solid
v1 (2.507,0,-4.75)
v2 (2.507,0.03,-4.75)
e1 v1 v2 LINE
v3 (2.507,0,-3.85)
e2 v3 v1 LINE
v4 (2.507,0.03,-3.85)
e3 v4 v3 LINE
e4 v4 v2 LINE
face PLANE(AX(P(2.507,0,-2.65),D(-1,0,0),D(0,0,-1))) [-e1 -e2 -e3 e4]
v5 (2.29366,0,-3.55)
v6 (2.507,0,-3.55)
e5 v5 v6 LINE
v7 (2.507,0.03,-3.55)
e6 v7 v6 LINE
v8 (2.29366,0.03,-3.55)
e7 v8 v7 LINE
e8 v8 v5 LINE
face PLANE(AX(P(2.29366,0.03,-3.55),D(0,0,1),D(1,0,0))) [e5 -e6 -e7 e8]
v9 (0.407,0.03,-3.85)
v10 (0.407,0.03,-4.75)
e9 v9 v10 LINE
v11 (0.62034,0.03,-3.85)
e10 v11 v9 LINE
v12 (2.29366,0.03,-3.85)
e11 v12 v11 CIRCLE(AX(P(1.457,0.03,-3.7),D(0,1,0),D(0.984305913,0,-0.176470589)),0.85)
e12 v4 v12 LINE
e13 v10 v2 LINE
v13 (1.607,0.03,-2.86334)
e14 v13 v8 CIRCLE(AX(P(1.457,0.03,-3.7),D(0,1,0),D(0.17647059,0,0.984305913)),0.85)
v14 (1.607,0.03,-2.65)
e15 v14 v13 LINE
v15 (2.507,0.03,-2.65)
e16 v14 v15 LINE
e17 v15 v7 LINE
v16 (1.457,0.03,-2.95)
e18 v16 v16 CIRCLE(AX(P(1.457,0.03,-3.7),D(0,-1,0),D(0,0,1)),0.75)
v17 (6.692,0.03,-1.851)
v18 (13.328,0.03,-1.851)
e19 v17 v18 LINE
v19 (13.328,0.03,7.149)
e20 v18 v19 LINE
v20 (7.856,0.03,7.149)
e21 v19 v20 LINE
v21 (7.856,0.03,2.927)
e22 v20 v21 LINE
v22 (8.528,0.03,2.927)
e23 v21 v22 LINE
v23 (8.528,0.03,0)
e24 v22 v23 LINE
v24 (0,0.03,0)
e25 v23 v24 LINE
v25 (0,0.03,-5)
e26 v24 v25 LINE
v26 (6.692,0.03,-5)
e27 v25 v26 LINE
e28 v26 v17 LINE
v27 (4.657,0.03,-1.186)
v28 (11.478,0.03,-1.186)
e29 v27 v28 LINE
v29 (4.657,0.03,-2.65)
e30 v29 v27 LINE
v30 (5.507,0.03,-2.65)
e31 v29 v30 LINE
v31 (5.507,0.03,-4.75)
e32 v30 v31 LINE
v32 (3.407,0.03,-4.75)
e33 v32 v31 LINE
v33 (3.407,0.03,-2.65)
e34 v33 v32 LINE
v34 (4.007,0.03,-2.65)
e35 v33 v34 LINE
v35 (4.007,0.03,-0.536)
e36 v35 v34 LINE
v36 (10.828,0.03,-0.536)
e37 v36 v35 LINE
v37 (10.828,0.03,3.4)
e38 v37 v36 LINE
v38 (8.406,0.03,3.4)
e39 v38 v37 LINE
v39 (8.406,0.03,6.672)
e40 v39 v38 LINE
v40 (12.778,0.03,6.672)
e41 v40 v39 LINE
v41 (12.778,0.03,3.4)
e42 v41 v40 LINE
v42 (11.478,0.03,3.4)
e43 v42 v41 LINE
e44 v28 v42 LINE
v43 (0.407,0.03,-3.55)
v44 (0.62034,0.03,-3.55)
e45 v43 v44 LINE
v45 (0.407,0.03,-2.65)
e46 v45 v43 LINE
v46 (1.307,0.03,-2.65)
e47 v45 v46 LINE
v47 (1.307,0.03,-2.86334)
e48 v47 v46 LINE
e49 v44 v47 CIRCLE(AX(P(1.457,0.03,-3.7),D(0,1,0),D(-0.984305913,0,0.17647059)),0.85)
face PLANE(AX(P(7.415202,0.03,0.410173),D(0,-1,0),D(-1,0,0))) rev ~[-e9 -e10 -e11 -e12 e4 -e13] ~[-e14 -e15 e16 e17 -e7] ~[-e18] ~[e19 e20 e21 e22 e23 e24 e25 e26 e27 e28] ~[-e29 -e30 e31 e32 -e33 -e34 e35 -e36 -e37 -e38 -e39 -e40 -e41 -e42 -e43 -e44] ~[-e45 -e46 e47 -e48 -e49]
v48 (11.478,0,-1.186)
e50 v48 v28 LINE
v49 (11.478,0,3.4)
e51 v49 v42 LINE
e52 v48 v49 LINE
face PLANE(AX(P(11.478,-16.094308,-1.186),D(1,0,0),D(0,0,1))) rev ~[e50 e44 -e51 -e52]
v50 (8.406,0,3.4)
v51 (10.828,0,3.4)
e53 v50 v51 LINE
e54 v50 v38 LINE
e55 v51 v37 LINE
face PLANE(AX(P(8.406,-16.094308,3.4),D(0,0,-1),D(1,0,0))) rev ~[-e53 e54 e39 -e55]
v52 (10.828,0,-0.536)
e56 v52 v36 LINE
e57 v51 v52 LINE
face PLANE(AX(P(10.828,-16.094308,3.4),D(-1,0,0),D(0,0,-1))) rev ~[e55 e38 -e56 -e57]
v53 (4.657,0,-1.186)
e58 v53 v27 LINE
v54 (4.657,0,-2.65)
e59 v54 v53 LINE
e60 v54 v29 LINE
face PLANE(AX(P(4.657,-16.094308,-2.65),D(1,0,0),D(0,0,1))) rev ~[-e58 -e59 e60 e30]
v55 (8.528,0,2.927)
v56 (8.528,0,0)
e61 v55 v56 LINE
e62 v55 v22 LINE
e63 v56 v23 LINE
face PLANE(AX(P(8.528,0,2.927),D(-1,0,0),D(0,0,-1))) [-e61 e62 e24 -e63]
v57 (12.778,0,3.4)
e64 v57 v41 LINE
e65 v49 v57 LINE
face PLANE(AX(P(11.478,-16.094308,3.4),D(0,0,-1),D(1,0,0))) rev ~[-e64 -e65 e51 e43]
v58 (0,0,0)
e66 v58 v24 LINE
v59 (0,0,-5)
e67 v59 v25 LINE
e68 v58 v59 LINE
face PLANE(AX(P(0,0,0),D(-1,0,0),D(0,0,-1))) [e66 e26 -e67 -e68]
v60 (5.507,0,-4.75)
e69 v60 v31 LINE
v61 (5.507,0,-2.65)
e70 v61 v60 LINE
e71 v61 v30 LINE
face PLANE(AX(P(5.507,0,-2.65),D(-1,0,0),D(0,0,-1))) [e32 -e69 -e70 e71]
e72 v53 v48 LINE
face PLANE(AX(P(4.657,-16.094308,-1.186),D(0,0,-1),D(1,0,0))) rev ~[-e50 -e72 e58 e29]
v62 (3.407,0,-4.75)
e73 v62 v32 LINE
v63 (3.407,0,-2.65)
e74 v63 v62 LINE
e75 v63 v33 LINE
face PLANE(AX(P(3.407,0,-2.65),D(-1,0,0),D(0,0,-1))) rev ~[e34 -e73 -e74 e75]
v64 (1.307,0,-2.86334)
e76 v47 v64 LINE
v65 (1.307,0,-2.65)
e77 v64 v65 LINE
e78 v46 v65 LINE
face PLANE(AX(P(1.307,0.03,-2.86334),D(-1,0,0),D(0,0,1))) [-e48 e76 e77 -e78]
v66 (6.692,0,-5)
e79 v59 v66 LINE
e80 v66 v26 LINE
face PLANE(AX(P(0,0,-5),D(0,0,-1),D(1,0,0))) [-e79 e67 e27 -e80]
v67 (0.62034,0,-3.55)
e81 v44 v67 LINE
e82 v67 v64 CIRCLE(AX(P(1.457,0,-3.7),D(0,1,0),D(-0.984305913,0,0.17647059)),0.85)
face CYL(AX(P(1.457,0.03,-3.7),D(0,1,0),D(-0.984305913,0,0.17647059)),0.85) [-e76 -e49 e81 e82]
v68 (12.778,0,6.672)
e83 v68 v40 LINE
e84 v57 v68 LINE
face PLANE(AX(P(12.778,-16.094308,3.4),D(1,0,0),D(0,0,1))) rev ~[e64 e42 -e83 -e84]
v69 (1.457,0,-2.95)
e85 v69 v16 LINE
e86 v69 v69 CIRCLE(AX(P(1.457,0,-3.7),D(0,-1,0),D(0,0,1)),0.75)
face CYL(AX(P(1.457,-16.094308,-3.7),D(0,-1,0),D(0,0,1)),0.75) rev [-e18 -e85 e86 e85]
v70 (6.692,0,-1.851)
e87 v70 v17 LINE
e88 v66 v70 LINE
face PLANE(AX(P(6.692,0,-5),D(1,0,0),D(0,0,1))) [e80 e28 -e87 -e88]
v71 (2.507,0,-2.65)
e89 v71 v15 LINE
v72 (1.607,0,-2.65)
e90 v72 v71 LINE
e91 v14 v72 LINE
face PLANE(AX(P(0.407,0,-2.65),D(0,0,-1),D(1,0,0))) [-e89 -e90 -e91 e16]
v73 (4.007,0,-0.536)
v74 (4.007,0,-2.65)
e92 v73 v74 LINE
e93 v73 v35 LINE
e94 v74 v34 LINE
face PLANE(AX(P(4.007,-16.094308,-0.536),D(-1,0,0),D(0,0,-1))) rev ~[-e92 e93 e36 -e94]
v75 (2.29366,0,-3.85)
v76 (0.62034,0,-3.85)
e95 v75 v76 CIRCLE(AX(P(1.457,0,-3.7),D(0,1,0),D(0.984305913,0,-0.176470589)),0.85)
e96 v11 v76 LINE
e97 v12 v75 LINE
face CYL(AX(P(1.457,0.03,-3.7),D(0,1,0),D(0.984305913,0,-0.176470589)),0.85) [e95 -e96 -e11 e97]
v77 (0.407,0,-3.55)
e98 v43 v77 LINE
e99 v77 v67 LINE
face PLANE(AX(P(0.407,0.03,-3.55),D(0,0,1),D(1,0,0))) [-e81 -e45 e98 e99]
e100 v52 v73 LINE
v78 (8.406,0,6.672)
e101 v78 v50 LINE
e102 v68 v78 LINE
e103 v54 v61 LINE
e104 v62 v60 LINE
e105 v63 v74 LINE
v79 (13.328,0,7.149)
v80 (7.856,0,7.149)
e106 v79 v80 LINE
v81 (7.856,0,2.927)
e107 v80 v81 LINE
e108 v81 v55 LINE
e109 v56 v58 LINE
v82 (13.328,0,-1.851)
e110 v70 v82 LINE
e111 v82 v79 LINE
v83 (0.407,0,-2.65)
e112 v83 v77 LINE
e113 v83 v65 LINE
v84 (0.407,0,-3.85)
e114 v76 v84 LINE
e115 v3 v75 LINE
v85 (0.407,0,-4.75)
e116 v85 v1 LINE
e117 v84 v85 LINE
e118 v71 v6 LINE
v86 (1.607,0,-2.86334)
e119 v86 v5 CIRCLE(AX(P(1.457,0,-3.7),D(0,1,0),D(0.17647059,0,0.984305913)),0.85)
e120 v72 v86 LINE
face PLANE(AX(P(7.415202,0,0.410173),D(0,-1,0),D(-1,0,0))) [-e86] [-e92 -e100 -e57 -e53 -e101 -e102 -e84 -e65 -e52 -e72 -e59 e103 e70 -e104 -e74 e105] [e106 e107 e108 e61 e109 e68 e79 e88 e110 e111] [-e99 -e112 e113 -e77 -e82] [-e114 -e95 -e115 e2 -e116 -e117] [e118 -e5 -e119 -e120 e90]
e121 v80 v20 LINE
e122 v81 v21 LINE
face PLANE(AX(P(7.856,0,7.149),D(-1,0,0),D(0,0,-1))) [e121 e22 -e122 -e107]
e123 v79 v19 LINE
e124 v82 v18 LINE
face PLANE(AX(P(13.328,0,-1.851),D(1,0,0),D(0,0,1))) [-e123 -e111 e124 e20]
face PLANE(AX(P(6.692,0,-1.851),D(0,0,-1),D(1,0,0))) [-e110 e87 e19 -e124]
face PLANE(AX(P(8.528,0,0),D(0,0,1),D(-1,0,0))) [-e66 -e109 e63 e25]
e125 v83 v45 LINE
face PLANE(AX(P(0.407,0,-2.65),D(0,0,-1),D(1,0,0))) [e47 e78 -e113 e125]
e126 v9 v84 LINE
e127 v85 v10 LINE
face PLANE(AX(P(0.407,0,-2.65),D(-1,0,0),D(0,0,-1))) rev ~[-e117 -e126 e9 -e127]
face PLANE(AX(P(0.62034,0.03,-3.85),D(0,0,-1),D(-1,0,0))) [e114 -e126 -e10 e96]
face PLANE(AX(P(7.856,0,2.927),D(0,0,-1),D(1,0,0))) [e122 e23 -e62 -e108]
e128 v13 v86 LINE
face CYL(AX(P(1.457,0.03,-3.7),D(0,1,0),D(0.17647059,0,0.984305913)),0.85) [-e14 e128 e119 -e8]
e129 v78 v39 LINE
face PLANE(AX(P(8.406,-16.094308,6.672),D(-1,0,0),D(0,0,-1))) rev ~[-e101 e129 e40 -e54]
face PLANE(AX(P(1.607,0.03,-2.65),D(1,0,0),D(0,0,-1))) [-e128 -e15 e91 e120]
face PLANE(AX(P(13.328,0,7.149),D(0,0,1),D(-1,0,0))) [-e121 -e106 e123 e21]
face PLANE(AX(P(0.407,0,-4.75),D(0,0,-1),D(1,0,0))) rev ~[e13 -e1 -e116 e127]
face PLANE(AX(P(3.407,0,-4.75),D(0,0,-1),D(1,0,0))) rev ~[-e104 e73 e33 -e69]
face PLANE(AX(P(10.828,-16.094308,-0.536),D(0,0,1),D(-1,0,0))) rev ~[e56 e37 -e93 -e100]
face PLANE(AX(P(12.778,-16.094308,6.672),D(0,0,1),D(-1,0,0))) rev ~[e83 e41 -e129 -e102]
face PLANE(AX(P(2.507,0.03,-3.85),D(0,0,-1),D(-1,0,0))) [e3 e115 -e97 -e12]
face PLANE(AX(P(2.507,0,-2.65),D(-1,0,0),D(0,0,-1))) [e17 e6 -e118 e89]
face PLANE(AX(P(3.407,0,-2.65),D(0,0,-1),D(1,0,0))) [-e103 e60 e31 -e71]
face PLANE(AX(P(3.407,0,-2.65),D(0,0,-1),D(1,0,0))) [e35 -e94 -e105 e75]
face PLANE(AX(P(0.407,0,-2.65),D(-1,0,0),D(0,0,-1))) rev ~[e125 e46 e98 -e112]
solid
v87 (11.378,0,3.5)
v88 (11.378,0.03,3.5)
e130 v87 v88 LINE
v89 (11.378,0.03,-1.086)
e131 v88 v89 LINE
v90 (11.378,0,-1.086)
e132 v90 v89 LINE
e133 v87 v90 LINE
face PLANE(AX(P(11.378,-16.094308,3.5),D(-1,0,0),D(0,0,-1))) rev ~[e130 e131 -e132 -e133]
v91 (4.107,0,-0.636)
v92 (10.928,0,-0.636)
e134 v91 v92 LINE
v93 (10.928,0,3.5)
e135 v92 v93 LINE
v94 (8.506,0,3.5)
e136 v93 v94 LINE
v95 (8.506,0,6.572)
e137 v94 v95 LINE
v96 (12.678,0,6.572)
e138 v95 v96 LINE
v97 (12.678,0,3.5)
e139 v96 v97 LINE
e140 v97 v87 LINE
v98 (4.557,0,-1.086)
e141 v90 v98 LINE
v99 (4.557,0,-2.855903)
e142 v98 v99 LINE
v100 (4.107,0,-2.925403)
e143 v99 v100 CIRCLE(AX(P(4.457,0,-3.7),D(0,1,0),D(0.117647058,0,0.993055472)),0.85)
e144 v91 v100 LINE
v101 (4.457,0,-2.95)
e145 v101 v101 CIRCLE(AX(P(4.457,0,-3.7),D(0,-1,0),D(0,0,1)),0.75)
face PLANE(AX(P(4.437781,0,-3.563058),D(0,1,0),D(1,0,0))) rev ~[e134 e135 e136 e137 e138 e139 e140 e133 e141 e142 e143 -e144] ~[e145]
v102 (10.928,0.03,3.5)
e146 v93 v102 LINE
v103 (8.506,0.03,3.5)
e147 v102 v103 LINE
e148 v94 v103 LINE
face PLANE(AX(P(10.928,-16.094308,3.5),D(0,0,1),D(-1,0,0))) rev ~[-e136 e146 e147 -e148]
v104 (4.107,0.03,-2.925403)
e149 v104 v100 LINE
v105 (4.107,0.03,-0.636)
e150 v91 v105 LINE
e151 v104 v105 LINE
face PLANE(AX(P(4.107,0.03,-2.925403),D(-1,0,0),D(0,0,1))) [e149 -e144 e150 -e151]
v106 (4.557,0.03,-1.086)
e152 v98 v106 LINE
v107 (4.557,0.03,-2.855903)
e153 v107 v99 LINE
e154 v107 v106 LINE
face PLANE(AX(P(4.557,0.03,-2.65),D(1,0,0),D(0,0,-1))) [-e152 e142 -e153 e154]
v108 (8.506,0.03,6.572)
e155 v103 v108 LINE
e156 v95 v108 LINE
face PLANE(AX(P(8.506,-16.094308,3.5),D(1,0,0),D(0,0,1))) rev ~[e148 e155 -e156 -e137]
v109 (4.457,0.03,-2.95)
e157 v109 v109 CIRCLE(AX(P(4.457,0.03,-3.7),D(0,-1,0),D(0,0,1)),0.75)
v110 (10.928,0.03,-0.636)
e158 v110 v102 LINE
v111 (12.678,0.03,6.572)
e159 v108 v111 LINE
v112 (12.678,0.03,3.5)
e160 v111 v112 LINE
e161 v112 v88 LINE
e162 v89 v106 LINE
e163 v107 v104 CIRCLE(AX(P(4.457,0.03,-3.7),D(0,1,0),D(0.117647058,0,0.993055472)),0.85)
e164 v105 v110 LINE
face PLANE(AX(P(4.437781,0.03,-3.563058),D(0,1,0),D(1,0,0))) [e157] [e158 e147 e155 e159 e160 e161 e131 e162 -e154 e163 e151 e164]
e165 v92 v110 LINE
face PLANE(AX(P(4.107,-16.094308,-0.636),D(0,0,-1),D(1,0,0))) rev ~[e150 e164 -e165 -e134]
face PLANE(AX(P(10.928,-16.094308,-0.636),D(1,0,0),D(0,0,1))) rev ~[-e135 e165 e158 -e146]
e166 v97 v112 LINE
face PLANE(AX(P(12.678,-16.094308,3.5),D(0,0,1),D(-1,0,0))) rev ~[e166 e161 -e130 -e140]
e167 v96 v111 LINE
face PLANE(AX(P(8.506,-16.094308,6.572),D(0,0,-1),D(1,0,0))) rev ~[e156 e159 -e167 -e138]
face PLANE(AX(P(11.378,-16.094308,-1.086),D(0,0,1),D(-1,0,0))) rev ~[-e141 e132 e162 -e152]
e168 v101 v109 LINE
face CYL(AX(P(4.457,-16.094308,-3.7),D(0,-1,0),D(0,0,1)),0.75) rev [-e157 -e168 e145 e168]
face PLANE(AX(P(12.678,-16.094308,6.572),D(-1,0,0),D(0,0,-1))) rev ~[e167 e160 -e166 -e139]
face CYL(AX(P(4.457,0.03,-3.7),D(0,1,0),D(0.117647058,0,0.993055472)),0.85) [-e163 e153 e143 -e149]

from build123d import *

# Parameters (mm, degrees)
SKETCH1_W               = 2.1
SKETCH1_H               = 2.1
BOSS_EXTRUDE1_DEPTH     = 0.03
CUT_EXTRUDE1_DEPTH      = 16.124307753
CUT_EXTRUDE1_DEPTH_BACK = 16.124307753
BOSS_EXTRUDE2_DEPTH     = 0.03
BOSS_EXTRUDE3_DEPTH     = 0.03
CUT_EXTRUDE2_DEPTH      = 16.124307753
CUT_EXTRUDE2_DEPTH_BACK = 16.124307753
SKETCH5_R               = 0.75


with BuildPart() as part:
    # Sketch1 → Boss-Extrude1 (new body)
    with BuildSketch(Plane(origin=(0, 0, 0), x_dir=(1, 0, 0), z_dir=(0, 1, 0))):
        Polygon((0, 0), (0, 5), (6.692, 5), (6.692, 1.851), (13.328, 1.851), (13.328, -7.149), (7.856, -7.149), (7.856, -2.927), (8.528, -2.927), (8.528, 0), align=None)
        with Locations((1.457, 3.7)):
            Rectangle(SKETCH1_W, SKETCH1_H, mode=Mode.SUBTRACT)
        with Locations((4.457, 3.7)):
            Rectangle(SKETCH1_W, SKETCH1_H, mode=Mode.SUBTRACT)
    extrude(amount=BOSS_EXTRUDE1_DEPTH)

    # Sketch2 → Cut-Extrude1 (cut, two sides: drawn at the far end of the back side and taken through both)
    with BuildSketch(Plane(origin=(0, 0.03, 0), x_dir=(1, 0, 0), z_dir=(0, 1, 0)).offset(-CUT_EXTRUDE1_DEPTH_BACK)):
        Polygon((4.107, 2.65), (4.107, 0.636), (10.928, 0.636), (10.928, -3.5), (8.506, -3.5), (8.506, -6.572), (12.678, -6.572), (12.678, -3.5), (11.378, -3.5), (11.378, 1.086), (4.557, 1.086), (4.557, 2.65), (4.657, 2.65), (4.657, 1.186), (11.478, 1.186), (11.478, -3.4), (12.778, -3.4), (12.778, -6.672), (8.406, -6.672), (8.406, -3.4), (10.828, -3.4), (10.828, 0.536), (4.007, 0.536), (4.007, 2.65), align=None)
    extrude(amount=CUT_EXTRUDE1_DEPTH + CUT_EXTRUDE1_DEPTH_BACK, mode=Mode.SUBTRACT)


with BuildPart() as cut_extrude1_piece_1:
    # of the separate pieces the step leaves, piece 1, a body of its own (cut_extrude1_pieces)
    add(part.part.solids().sort_by_distance((0, 0, 0))[0])

    # Sketch4 → Boss-Extrude3 (add)
    with BuildSketch(Plane(origin=(0, 0.03, 0), x_dir=(1, 0, 0), z_dir=(0, 1, 0))):
        with BuildLine():
            Line((1.307, 2.65), (1.607, 2.65))
            Line((1.607, 2.65), (1.607, 2.863339973))
            ThreePointArc((1.607, 2.863339973), (2.058040764, 3.098959236), (2.293660027, 3.55))
            Line((2.293660027, 3.55), (2.507, 3.55))
            Line((2.507, 3.55), (2.507, 3.85))
            Line((2.507, 3.85), (2.293660027, 3.85))
            ThreePointArc((2.293660027, 3.85), (1.457, 4.55), (0.620339973, 3.85))
            Line((0.620339973, 3.85), (0.407, 3.85))
            Line((0.407, 3.85), (0.407, 3.55))
            Line((0.407, 3.55), (0.620339973, 3.55))
            ThreePointArc((0.620339973, 3.55), (0.855959236, 3.098959236), (1.307, 2.863339973))
            Line((1.307, 2.863339973), (1.307, 2.65))
        make_face()
    extrude(amount=-BOSS_EXTRUDE3_DEPTH)


with BuildPart() as cut_extrude1_piece_2:
    # of the separate pieces the step leaves, piece 2, a body of its own (cut_extrude1_pieces)
    add(part.part.solids().sort_by_distance((4.107, 0, -2.65))[0])

    # Sketch3 → Boss-Extrude2 (add)
    with BuildSketch(Plane(origin=(0, 0.03, 0), x_dir=(1, 0, 0), z_dir=(0, 1, 0))):
        with BuildLine():
            Line((4.107, 2.65), (4.557, 2.65))
            Line((4.557, 2.65), (4.557, 2.855902849))
            ThreePointArc((4.557, 2.855902849), (4.58674043, 4.54004013), (4.107, 2.925403331))
            Line((4.107, 2.925403331), (4.107, 2.65))
        make_face()
    extrude(amount=-BOSS_EXTRUDE2_DEPTH)


with BuildPart() as cut_extrude2_tool:
    # Sketch5 → Cut-Extrude2 (new, two sides: drawn at the far end of the back side and taken through both)
    with BuildSketch(Plane(origin=(0, 0.03, 0), x_dir=(1, 0, 0), z_dir=(0, 1, 0)).offset(-CUT_EXTRUDE2_DEPTH_BACK)):
        with Locations(Location((1.457, 3.7, 0), (0, 0, 270))):
            Circle(SKETCH5_R)
        with Locations(Location((4.457, 3.7, 0), (0, 0, 270))):
            Circle(SKETCH5_R)
    extrude(amount=CUT_EXTRUDE2_DEPTH + CUT_EXTRUDE2_DEPTH_BACK)


with BuildPart() as cut_extrude1_piece_1_1:
    add(cut_extrude1_piece_1.part)

    # Cut-Extrude2: cut by cut_extrude2_tool
    add(cut_extrude2_tool.part, mode=Mode.SUBTRACT)


with BuildPart() as cut_extrude1_piece_2_1:
    add(cut_extrude1_piece_2.part)

    # Cut-Extrude2: cut by cut_extrude2_tool
    add(cut_extrude2_tool.part, mode=Mode.SUBTRACT)


solid = Compound([cut_extrude1_piece_1_1.part, cut_extrude1_piece_2_1.part])
